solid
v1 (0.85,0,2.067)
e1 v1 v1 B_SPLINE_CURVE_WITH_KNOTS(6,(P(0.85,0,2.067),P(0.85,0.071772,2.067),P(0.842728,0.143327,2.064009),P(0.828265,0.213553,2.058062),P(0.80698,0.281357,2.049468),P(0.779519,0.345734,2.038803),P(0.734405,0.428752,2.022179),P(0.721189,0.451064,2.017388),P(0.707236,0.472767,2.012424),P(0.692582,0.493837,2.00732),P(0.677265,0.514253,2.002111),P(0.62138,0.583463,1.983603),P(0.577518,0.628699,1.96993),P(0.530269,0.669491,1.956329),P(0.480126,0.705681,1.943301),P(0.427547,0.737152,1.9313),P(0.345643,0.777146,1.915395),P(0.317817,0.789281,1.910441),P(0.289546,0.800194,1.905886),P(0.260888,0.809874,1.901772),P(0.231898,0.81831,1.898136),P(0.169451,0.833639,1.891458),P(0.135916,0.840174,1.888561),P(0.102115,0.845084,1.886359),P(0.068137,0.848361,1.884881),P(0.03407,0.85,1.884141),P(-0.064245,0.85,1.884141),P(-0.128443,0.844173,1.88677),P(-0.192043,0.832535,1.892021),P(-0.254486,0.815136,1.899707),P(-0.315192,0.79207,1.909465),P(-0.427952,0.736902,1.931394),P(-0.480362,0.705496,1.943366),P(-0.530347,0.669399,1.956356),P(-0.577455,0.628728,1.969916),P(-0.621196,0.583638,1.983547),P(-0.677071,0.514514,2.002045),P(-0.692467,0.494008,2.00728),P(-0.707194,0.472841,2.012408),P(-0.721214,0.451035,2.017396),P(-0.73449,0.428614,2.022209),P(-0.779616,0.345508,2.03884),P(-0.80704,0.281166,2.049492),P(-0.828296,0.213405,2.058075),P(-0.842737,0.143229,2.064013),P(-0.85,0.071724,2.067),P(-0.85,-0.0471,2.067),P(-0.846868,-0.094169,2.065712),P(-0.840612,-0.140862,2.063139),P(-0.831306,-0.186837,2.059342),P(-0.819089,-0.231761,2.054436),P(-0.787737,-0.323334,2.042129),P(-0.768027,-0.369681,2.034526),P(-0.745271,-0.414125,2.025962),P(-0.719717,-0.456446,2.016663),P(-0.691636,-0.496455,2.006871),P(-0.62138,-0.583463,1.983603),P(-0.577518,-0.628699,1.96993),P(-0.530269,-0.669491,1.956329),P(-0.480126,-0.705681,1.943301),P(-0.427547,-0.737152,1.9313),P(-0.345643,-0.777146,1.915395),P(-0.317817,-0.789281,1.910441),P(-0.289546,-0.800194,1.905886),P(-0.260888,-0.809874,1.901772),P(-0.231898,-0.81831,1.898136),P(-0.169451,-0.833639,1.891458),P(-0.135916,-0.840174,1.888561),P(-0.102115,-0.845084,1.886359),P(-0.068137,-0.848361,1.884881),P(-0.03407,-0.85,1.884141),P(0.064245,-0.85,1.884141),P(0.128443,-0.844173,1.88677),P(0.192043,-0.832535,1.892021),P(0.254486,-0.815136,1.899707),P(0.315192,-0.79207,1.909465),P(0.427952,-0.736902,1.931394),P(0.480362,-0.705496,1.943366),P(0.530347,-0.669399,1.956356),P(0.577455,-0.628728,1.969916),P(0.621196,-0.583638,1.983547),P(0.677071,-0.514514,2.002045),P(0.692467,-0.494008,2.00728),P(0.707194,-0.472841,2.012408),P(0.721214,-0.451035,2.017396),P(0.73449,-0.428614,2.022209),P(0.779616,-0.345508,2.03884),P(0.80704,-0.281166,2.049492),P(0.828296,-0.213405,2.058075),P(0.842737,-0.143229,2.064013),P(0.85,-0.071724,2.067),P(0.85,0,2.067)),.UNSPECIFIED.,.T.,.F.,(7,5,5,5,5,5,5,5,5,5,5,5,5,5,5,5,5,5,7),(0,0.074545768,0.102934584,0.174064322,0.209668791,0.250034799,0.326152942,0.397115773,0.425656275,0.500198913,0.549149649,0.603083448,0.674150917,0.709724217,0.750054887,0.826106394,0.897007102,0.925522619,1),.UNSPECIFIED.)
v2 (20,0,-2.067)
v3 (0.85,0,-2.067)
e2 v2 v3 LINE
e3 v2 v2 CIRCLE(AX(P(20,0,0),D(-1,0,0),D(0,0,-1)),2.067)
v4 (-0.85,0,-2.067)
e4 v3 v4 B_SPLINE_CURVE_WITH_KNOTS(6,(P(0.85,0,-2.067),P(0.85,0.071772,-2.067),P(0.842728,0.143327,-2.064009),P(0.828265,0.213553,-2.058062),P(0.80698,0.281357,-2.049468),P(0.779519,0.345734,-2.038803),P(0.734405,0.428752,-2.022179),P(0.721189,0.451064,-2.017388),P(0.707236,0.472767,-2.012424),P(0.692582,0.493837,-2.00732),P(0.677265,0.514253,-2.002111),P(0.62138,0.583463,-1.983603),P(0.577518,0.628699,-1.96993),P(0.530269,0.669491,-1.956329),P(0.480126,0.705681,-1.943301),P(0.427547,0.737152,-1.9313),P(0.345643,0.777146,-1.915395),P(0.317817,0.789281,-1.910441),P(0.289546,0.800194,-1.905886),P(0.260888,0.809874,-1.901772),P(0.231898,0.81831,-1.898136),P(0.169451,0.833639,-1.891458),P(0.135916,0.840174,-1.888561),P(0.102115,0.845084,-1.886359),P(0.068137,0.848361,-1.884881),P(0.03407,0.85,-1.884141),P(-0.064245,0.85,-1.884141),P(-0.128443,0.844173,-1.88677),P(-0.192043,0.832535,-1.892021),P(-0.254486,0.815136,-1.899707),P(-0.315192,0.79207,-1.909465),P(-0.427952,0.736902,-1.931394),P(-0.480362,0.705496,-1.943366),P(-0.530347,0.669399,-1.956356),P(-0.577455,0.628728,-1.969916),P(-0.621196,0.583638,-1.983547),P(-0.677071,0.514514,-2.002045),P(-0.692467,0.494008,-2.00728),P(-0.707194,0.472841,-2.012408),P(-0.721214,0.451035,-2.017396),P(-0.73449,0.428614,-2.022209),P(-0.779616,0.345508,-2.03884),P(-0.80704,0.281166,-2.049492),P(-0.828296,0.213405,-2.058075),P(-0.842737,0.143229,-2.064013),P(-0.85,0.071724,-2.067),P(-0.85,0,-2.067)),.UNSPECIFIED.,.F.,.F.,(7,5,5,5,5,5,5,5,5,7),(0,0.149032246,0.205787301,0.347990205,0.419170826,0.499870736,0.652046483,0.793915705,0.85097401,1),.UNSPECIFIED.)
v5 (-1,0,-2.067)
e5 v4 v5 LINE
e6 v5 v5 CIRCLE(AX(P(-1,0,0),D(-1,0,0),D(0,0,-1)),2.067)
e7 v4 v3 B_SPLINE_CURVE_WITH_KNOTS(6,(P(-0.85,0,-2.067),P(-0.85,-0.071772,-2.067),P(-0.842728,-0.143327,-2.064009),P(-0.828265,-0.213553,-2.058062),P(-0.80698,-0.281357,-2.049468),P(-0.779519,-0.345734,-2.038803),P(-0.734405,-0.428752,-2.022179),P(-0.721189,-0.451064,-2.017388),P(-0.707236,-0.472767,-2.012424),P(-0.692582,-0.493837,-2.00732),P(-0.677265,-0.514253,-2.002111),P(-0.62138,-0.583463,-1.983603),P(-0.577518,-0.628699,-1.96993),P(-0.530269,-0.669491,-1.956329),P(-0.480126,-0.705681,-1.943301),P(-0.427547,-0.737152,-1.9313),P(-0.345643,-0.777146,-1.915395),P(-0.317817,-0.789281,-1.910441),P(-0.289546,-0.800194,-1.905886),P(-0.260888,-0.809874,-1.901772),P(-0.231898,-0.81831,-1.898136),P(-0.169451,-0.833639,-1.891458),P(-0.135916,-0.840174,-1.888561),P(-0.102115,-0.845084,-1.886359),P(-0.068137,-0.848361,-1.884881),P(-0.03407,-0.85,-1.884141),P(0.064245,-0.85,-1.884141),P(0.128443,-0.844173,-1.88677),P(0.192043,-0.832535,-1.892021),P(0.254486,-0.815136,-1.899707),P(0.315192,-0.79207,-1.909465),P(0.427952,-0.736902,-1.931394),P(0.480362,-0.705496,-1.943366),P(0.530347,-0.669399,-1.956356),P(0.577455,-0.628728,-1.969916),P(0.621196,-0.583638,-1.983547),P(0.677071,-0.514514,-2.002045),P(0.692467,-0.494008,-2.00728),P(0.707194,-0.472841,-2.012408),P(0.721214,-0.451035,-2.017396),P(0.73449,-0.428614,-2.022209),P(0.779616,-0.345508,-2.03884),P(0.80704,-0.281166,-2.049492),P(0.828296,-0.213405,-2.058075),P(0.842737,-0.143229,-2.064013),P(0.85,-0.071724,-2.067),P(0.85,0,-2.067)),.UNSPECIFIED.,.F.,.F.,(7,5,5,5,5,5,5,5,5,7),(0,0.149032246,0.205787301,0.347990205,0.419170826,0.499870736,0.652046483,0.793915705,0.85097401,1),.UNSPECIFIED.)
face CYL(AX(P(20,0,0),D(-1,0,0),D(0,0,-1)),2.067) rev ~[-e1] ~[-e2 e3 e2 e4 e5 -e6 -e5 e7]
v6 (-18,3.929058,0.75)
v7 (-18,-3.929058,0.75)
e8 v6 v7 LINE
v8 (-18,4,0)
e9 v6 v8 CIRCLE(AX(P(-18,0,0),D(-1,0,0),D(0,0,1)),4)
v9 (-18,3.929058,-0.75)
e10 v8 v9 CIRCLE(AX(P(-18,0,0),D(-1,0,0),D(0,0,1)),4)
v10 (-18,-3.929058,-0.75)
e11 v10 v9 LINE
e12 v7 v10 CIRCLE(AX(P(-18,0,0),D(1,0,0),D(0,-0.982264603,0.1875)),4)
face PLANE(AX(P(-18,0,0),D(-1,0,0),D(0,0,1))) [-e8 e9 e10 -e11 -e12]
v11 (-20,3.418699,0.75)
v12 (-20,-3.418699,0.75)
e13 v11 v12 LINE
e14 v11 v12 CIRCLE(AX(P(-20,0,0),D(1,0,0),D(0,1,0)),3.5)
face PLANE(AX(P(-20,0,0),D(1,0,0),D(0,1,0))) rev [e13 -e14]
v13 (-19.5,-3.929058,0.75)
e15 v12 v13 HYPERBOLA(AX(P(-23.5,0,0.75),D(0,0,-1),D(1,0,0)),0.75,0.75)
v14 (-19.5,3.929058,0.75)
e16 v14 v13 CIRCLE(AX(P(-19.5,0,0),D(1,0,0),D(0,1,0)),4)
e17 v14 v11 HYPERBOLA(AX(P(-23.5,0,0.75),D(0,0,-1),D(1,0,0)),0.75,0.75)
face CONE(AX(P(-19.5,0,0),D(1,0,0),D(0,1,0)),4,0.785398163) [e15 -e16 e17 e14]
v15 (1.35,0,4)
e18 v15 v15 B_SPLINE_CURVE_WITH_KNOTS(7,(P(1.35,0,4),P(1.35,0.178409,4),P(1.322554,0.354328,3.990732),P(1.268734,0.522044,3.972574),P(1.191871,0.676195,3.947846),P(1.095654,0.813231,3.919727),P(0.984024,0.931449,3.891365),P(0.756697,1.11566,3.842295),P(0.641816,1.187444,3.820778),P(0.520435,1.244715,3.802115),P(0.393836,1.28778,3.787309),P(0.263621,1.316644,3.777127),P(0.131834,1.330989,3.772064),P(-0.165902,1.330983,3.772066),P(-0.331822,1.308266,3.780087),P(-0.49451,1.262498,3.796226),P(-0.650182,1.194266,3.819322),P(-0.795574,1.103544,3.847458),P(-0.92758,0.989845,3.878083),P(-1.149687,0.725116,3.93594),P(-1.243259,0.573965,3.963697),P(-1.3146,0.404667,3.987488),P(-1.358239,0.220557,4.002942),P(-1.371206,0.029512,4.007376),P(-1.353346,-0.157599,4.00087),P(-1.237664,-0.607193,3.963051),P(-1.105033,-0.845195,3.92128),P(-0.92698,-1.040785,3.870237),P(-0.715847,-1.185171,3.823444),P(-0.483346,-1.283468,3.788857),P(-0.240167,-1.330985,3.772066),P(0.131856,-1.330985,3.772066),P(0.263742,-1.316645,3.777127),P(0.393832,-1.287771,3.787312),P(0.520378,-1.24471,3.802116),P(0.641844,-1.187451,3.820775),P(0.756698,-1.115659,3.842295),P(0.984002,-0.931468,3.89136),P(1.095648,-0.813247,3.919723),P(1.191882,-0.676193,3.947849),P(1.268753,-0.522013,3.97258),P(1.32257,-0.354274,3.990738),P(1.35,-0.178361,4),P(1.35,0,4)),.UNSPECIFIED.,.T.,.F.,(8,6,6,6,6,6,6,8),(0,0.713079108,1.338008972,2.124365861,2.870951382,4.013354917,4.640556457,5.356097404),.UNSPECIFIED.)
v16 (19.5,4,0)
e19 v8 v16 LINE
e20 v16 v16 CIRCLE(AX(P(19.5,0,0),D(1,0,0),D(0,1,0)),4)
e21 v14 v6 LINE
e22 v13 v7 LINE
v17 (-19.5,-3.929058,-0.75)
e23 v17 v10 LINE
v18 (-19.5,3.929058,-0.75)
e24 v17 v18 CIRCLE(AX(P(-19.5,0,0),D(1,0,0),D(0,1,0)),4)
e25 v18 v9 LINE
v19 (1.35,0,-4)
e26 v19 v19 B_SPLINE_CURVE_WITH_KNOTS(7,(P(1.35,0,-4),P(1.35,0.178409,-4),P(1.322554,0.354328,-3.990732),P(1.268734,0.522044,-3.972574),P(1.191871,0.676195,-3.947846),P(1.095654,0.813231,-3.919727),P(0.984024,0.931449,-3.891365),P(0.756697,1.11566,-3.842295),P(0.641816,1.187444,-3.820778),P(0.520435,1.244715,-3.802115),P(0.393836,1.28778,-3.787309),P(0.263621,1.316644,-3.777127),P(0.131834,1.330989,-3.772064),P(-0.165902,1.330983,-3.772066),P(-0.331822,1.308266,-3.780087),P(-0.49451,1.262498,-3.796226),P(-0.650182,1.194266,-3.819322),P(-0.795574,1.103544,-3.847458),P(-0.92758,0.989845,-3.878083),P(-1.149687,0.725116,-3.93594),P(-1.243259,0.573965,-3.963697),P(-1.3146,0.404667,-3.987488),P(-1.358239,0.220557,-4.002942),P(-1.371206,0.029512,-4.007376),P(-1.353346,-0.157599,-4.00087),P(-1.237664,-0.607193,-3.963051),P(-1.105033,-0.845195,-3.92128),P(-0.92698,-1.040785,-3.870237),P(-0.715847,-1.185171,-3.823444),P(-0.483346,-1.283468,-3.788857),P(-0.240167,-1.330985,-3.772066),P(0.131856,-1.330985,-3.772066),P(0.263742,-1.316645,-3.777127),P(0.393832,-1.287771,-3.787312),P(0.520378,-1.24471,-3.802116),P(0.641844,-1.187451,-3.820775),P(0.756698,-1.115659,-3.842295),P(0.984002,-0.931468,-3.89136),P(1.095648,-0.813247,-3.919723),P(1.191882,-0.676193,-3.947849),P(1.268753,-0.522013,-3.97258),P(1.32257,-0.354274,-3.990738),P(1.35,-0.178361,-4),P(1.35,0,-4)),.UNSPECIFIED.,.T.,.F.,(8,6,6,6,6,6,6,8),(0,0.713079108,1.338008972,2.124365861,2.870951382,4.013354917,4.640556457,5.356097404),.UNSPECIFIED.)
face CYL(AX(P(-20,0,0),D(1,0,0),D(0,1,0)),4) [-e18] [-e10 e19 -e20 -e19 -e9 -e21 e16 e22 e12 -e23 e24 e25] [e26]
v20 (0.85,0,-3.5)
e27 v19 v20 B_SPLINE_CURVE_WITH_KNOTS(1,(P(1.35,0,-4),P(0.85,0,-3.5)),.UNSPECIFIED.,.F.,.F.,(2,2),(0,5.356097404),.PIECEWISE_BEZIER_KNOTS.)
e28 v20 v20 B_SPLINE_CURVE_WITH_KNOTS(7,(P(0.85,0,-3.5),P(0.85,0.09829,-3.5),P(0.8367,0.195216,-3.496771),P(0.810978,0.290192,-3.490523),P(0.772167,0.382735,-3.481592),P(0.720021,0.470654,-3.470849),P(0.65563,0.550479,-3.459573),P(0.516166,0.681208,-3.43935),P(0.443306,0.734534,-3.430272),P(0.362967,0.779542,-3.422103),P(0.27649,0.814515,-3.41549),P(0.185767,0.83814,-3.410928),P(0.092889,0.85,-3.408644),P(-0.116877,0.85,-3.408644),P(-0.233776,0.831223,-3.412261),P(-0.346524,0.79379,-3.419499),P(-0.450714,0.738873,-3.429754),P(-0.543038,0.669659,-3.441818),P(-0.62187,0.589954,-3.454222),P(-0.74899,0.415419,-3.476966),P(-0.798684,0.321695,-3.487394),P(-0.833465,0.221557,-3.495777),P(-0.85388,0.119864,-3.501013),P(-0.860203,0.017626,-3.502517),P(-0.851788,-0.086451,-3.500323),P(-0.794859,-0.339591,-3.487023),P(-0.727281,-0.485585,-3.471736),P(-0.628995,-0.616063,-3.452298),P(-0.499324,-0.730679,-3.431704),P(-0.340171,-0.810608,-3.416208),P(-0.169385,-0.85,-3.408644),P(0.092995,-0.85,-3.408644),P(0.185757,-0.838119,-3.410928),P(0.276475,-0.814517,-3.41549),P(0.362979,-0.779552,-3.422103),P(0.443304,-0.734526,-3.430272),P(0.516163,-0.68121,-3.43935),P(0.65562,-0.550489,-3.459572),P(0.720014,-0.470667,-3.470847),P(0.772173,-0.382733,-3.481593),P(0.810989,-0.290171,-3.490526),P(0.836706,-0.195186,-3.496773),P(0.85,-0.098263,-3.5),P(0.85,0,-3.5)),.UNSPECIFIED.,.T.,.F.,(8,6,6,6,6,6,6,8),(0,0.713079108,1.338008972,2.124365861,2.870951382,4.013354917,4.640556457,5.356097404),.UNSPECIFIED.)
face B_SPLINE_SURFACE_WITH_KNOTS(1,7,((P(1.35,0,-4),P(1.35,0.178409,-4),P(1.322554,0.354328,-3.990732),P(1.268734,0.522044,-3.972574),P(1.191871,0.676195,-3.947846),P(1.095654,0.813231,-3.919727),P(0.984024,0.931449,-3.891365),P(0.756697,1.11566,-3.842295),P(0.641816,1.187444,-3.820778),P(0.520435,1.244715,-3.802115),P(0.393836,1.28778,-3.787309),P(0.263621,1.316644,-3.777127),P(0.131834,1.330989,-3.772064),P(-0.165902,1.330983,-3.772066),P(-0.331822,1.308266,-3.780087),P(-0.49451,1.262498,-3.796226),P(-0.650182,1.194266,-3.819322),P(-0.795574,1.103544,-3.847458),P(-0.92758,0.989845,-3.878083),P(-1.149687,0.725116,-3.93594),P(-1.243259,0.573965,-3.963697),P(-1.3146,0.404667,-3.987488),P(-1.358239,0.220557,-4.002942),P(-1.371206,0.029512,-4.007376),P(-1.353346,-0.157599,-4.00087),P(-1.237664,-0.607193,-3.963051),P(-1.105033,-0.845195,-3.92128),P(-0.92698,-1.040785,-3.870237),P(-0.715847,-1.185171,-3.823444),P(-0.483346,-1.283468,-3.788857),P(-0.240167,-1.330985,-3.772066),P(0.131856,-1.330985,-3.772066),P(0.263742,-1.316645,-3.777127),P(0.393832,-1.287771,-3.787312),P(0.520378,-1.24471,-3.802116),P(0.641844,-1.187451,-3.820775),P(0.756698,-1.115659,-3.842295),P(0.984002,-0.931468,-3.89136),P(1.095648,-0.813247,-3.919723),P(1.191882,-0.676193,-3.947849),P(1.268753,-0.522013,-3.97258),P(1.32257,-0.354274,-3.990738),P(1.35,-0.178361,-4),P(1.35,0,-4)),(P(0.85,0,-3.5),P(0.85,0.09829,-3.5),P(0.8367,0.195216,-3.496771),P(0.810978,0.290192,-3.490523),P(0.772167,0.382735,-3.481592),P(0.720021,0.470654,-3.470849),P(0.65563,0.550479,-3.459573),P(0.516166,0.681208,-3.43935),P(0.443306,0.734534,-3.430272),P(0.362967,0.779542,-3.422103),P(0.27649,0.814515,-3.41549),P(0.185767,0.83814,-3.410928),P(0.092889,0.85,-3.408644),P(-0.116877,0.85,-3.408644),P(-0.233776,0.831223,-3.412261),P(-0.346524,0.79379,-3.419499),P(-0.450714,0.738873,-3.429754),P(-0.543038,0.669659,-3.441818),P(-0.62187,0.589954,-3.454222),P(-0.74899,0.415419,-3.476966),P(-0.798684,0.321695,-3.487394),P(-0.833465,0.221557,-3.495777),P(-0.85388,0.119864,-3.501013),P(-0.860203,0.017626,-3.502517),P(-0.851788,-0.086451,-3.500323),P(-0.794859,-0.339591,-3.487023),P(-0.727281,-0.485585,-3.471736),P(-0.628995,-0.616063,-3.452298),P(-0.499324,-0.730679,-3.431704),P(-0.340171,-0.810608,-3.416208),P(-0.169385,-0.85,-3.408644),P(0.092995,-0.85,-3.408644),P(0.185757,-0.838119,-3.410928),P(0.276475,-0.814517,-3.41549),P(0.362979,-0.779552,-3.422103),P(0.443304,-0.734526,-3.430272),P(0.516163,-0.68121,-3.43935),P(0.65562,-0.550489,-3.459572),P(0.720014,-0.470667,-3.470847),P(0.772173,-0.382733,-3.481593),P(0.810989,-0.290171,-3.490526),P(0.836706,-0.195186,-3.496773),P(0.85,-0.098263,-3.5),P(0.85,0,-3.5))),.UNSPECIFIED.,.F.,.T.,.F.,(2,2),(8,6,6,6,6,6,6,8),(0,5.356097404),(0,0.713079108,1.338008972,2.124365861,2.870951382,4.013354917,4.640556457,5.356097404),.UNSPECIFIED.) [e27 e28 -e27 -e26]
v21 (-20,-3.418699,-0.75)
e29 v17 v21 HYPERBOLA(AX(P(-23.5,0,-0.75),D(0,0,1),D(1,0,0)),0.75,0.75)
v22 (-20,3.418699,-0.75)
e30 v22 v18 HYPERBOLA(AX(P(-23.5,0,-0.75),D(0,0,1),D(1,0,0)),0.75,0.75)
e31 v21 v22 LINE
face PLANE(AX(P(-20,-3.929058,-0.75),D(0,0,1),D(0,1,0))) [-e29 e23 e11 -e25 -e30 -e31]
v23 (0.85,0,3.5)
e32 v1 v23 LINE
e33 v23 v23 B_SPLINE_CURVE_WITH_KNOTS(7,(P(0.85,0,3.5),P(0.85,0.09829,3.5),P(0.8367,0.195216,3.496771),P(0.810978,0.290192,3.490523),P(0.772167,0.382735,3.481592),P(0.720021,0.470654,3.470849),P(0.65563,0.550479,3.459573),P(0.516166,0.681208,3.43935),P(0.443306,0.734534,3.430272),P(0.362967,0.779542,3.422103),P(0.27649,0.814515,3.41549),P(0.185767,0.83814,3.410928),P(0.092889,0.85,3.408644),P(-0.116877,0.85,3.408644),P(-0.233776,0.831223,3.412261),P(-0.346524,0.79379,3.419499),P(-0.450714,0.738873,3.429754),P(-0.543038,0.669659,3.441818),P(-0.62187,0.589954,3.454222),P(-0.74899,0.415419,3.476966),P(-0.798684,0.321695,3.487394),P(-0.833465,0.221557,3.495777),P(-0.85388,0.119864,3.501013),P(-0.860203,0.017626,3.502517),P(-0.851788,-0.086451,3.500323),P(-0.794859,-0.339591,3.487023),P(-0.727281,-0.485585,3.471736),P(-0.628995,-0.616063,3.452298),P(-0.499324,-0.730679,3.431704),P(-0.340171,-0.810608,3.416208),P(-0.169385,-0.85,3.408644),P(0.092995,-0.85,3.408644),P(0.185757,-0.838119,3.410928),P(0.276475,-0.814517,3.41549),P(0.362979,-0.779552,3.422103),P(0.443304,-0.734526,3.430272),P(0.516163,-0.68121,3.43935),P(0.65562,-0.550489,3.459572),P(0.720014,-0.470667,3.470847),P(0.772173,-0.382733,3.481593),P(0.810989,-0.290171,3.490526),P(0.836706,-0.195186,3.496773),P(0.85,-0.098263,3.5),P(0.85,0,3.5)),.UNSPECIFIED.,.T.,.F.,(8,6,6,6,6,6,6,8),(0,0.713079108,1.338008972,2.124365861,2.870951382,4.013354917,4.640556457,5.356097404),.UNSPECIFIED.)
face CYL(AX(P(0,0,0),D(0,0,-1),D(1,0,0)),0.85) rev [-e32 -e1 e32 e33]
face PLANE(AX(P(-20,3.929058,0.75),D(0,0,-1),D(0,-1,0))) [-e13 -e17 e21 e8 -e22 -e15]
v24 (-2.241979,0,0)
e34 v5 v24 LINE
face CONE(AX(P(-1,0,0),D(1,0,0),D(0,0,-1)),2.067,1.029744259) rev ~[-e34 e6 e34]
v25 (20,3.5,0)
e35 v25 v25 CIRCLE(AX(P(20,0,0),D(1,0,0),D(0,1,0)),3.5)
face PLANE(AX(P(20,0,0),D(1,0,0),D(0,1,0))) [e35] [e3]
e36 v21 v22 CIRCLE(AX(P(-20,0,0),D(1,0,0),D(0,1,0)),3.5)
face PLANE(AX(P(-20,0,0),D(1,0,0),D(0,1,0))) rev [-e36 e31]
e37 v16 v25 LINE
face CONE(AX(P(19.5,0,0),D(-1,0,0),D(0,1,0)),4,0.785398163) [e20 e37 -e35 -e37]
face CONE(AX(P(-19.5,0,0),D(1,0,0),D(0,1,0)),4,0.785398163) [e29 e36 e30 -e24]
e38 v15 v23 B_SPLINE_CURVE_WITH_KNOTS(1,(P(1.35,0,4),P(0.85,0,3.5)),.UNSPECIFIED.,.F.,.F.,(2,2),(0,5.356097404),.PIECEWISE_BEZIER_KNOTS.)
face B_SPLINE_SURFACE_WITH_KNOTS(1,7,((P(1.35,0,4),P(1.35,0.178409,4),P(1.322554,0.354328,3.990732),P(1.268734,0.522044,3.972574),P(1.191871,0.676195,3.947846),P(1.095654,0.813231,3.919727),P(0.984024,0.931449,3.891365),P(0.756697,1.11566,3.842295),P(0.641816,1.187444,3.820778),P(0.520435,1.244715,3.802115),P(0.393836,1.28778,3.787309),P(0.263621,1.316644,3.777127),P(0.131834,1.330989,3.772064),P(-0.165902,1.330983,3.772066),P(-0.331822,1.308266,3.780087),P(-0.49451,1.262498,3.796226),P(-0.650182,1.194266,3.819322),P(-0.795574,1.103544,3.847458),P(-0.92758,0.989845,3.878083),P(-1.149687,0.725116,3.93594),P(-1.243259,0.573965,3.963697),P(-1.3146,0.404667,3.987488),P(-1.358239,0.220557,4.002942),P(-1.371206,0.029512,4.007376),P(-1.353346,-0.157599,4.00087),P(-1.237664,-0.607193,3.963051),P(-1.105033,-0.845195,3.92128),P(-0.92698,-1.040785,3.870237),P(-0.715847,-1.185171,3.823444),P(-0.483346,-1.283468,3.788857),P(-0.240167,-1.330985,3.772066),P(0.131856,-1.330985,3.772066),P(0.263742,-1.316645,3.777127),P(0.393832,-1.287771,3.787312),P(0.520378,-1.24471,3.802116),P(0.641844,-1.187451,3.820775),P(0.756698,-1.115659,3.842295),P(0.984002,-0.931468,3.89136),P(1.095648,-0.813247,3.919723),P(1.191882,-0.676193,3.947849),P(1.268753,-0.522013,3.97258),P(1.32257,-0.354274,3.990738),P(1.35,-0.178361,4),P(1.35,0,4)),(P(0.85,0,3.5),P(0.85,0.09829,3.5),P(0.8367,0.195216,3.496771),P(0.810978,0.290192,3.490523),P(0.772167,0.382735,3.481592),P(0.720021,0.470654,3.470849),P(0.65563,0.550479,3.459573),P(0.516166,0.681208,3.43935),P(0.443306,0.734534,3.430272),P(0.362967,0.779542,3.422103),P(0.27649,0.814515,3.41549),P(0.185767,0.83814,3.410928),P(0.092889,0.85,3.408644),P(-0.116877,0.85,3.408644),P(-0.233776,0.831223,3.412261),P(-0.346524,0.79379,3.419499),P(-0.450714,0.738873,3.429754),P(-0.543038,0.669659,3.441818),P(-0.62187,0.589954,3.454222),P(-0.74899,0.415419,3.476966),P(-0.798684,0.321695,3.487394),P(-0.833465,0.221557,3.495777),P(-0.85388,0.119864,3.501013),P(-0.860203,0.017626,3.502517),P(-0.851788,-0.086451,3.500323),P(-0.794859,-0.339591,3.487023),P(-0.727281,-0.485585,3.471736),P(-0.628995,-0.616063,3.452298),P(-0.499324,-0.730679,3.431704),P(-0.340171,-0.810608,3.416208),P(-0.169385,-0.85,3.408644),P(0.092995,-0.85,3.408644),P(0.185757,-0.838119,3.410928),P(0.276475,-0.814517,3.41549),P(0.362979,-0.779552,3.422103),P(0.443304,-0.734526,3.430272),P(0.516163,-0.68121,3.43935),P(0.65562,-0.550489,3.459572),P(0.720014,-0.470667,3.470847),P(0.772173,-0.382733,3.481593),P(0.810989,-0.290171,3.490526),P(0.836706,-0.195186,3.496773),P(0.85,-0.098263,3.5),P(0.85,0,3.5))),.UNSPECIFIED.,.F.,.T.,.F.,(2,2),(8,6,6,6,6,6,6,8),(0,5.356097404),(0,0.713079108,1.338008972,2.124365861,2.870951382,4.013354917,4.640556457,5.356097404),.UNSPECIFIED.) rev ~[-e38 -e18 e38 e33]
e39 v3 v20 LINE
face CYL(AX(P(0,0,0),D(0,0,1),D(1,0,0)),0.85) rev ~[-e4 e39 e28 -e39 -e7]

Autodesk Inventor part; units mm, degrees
ref_plane "YZ Plane" through (0, 0, 0) normal (1, 0, 0) x (0, 1, 0)
ref_plane "XZ Plane" through (0, 0, 0) normal (0, 1, 0) x (-1, 0, 0)
ref_plane "XY Plane" through (0, 0, 0) normal (0, 0, 1) x (1, 0, 0)
sketch "Skizze1" plane through (0, 0, 0) normal (0, 0, 1) x (1, 0, 0)
  line L0 (0, 0) -> (24.9383, 0)
  line L1 (20, 0) -> (-20, 0)
  line L2 (-20, 0) -> (-20, 4)
  line L3 (-20, 4) -> (20, 4)
  line L4 (20, 4) -> (20, 0)
  circle A0 centre (0, 0) radius 0.85
  dimension "d0" = 40
  dimension "d1" = 8
  dimension "d2" = 1.7
revolve "Umdrehung1" add sketch "Skizze1" angle 360 about axis through (0, 0, 0) along (1, 0, 0) picked at (-0.5584, 0.0678) contours L1 A0 L0 | A0 L1 L2 L3 L4 L0
sketch "Skizze2" plane through (0, 0, 0) normal (0, 0, 1) x (1, 0, 0)
  circle A0 centre (0, 0) radius 0.85 projected
extrude "Extrusion1" cut sketch "Skizze2" along normal through all both and the other way through all
sketch "Skizze3" plane through (20, 0, 0) normal (1, 0, 0) x (0, 0, -1)
  point P0 (0, 0)
  point P1 (0, 0)
hole "Bohrung1" at (20, 0, 0) direction (-1, 0, 0) diameter 4.134 depth 21 tip angle 118 thread size "M5x0.8" class "6H" standard "ISO Metric profile"
chamfer "Fase1" distance 0.5 angle 45 2 edges at (20, -4, 0) (-20, -4, 0)
chamfer "Fase2" distance 0.5 angle 45 2 edges at (-0.85, -0.0027, -4) (-0.85, -0.0027, 4)
sketch "Sketch4" plane through (-20, 0, 0) normal (-1, 0, 0) x (0, 0, 1)
  line L0 (0.75, -4) -> (-0.75, -4)
  line L1 (-0.75, -4) -> (-0.75, 4)
  line L2 (-0.75, 4) -> (0.75, 4)
  line L3 (0.75, 4) -> (0.75, -4)
  line L4 (0.75, -4) -> (-0.75, 4) construction
  line L5 (-0.75, -4) -> (0.75, 4) construction
  circle A0 centre (0, 0) radius 4 projected
  point P0 (0.75, 3.9291)
  point P1 (-0.75, 3.9291)
  point P2 (-0.75, -3.9291)
  point P3 (0.75, -3.9291)
  dimension "d19" = 1.5
extrude "Extrusion2" cut sketch "Sketch4" against normal blind 2 contours A0 L1 L3
properties part number "bolt_V1" material "Stahl, Legierung"
